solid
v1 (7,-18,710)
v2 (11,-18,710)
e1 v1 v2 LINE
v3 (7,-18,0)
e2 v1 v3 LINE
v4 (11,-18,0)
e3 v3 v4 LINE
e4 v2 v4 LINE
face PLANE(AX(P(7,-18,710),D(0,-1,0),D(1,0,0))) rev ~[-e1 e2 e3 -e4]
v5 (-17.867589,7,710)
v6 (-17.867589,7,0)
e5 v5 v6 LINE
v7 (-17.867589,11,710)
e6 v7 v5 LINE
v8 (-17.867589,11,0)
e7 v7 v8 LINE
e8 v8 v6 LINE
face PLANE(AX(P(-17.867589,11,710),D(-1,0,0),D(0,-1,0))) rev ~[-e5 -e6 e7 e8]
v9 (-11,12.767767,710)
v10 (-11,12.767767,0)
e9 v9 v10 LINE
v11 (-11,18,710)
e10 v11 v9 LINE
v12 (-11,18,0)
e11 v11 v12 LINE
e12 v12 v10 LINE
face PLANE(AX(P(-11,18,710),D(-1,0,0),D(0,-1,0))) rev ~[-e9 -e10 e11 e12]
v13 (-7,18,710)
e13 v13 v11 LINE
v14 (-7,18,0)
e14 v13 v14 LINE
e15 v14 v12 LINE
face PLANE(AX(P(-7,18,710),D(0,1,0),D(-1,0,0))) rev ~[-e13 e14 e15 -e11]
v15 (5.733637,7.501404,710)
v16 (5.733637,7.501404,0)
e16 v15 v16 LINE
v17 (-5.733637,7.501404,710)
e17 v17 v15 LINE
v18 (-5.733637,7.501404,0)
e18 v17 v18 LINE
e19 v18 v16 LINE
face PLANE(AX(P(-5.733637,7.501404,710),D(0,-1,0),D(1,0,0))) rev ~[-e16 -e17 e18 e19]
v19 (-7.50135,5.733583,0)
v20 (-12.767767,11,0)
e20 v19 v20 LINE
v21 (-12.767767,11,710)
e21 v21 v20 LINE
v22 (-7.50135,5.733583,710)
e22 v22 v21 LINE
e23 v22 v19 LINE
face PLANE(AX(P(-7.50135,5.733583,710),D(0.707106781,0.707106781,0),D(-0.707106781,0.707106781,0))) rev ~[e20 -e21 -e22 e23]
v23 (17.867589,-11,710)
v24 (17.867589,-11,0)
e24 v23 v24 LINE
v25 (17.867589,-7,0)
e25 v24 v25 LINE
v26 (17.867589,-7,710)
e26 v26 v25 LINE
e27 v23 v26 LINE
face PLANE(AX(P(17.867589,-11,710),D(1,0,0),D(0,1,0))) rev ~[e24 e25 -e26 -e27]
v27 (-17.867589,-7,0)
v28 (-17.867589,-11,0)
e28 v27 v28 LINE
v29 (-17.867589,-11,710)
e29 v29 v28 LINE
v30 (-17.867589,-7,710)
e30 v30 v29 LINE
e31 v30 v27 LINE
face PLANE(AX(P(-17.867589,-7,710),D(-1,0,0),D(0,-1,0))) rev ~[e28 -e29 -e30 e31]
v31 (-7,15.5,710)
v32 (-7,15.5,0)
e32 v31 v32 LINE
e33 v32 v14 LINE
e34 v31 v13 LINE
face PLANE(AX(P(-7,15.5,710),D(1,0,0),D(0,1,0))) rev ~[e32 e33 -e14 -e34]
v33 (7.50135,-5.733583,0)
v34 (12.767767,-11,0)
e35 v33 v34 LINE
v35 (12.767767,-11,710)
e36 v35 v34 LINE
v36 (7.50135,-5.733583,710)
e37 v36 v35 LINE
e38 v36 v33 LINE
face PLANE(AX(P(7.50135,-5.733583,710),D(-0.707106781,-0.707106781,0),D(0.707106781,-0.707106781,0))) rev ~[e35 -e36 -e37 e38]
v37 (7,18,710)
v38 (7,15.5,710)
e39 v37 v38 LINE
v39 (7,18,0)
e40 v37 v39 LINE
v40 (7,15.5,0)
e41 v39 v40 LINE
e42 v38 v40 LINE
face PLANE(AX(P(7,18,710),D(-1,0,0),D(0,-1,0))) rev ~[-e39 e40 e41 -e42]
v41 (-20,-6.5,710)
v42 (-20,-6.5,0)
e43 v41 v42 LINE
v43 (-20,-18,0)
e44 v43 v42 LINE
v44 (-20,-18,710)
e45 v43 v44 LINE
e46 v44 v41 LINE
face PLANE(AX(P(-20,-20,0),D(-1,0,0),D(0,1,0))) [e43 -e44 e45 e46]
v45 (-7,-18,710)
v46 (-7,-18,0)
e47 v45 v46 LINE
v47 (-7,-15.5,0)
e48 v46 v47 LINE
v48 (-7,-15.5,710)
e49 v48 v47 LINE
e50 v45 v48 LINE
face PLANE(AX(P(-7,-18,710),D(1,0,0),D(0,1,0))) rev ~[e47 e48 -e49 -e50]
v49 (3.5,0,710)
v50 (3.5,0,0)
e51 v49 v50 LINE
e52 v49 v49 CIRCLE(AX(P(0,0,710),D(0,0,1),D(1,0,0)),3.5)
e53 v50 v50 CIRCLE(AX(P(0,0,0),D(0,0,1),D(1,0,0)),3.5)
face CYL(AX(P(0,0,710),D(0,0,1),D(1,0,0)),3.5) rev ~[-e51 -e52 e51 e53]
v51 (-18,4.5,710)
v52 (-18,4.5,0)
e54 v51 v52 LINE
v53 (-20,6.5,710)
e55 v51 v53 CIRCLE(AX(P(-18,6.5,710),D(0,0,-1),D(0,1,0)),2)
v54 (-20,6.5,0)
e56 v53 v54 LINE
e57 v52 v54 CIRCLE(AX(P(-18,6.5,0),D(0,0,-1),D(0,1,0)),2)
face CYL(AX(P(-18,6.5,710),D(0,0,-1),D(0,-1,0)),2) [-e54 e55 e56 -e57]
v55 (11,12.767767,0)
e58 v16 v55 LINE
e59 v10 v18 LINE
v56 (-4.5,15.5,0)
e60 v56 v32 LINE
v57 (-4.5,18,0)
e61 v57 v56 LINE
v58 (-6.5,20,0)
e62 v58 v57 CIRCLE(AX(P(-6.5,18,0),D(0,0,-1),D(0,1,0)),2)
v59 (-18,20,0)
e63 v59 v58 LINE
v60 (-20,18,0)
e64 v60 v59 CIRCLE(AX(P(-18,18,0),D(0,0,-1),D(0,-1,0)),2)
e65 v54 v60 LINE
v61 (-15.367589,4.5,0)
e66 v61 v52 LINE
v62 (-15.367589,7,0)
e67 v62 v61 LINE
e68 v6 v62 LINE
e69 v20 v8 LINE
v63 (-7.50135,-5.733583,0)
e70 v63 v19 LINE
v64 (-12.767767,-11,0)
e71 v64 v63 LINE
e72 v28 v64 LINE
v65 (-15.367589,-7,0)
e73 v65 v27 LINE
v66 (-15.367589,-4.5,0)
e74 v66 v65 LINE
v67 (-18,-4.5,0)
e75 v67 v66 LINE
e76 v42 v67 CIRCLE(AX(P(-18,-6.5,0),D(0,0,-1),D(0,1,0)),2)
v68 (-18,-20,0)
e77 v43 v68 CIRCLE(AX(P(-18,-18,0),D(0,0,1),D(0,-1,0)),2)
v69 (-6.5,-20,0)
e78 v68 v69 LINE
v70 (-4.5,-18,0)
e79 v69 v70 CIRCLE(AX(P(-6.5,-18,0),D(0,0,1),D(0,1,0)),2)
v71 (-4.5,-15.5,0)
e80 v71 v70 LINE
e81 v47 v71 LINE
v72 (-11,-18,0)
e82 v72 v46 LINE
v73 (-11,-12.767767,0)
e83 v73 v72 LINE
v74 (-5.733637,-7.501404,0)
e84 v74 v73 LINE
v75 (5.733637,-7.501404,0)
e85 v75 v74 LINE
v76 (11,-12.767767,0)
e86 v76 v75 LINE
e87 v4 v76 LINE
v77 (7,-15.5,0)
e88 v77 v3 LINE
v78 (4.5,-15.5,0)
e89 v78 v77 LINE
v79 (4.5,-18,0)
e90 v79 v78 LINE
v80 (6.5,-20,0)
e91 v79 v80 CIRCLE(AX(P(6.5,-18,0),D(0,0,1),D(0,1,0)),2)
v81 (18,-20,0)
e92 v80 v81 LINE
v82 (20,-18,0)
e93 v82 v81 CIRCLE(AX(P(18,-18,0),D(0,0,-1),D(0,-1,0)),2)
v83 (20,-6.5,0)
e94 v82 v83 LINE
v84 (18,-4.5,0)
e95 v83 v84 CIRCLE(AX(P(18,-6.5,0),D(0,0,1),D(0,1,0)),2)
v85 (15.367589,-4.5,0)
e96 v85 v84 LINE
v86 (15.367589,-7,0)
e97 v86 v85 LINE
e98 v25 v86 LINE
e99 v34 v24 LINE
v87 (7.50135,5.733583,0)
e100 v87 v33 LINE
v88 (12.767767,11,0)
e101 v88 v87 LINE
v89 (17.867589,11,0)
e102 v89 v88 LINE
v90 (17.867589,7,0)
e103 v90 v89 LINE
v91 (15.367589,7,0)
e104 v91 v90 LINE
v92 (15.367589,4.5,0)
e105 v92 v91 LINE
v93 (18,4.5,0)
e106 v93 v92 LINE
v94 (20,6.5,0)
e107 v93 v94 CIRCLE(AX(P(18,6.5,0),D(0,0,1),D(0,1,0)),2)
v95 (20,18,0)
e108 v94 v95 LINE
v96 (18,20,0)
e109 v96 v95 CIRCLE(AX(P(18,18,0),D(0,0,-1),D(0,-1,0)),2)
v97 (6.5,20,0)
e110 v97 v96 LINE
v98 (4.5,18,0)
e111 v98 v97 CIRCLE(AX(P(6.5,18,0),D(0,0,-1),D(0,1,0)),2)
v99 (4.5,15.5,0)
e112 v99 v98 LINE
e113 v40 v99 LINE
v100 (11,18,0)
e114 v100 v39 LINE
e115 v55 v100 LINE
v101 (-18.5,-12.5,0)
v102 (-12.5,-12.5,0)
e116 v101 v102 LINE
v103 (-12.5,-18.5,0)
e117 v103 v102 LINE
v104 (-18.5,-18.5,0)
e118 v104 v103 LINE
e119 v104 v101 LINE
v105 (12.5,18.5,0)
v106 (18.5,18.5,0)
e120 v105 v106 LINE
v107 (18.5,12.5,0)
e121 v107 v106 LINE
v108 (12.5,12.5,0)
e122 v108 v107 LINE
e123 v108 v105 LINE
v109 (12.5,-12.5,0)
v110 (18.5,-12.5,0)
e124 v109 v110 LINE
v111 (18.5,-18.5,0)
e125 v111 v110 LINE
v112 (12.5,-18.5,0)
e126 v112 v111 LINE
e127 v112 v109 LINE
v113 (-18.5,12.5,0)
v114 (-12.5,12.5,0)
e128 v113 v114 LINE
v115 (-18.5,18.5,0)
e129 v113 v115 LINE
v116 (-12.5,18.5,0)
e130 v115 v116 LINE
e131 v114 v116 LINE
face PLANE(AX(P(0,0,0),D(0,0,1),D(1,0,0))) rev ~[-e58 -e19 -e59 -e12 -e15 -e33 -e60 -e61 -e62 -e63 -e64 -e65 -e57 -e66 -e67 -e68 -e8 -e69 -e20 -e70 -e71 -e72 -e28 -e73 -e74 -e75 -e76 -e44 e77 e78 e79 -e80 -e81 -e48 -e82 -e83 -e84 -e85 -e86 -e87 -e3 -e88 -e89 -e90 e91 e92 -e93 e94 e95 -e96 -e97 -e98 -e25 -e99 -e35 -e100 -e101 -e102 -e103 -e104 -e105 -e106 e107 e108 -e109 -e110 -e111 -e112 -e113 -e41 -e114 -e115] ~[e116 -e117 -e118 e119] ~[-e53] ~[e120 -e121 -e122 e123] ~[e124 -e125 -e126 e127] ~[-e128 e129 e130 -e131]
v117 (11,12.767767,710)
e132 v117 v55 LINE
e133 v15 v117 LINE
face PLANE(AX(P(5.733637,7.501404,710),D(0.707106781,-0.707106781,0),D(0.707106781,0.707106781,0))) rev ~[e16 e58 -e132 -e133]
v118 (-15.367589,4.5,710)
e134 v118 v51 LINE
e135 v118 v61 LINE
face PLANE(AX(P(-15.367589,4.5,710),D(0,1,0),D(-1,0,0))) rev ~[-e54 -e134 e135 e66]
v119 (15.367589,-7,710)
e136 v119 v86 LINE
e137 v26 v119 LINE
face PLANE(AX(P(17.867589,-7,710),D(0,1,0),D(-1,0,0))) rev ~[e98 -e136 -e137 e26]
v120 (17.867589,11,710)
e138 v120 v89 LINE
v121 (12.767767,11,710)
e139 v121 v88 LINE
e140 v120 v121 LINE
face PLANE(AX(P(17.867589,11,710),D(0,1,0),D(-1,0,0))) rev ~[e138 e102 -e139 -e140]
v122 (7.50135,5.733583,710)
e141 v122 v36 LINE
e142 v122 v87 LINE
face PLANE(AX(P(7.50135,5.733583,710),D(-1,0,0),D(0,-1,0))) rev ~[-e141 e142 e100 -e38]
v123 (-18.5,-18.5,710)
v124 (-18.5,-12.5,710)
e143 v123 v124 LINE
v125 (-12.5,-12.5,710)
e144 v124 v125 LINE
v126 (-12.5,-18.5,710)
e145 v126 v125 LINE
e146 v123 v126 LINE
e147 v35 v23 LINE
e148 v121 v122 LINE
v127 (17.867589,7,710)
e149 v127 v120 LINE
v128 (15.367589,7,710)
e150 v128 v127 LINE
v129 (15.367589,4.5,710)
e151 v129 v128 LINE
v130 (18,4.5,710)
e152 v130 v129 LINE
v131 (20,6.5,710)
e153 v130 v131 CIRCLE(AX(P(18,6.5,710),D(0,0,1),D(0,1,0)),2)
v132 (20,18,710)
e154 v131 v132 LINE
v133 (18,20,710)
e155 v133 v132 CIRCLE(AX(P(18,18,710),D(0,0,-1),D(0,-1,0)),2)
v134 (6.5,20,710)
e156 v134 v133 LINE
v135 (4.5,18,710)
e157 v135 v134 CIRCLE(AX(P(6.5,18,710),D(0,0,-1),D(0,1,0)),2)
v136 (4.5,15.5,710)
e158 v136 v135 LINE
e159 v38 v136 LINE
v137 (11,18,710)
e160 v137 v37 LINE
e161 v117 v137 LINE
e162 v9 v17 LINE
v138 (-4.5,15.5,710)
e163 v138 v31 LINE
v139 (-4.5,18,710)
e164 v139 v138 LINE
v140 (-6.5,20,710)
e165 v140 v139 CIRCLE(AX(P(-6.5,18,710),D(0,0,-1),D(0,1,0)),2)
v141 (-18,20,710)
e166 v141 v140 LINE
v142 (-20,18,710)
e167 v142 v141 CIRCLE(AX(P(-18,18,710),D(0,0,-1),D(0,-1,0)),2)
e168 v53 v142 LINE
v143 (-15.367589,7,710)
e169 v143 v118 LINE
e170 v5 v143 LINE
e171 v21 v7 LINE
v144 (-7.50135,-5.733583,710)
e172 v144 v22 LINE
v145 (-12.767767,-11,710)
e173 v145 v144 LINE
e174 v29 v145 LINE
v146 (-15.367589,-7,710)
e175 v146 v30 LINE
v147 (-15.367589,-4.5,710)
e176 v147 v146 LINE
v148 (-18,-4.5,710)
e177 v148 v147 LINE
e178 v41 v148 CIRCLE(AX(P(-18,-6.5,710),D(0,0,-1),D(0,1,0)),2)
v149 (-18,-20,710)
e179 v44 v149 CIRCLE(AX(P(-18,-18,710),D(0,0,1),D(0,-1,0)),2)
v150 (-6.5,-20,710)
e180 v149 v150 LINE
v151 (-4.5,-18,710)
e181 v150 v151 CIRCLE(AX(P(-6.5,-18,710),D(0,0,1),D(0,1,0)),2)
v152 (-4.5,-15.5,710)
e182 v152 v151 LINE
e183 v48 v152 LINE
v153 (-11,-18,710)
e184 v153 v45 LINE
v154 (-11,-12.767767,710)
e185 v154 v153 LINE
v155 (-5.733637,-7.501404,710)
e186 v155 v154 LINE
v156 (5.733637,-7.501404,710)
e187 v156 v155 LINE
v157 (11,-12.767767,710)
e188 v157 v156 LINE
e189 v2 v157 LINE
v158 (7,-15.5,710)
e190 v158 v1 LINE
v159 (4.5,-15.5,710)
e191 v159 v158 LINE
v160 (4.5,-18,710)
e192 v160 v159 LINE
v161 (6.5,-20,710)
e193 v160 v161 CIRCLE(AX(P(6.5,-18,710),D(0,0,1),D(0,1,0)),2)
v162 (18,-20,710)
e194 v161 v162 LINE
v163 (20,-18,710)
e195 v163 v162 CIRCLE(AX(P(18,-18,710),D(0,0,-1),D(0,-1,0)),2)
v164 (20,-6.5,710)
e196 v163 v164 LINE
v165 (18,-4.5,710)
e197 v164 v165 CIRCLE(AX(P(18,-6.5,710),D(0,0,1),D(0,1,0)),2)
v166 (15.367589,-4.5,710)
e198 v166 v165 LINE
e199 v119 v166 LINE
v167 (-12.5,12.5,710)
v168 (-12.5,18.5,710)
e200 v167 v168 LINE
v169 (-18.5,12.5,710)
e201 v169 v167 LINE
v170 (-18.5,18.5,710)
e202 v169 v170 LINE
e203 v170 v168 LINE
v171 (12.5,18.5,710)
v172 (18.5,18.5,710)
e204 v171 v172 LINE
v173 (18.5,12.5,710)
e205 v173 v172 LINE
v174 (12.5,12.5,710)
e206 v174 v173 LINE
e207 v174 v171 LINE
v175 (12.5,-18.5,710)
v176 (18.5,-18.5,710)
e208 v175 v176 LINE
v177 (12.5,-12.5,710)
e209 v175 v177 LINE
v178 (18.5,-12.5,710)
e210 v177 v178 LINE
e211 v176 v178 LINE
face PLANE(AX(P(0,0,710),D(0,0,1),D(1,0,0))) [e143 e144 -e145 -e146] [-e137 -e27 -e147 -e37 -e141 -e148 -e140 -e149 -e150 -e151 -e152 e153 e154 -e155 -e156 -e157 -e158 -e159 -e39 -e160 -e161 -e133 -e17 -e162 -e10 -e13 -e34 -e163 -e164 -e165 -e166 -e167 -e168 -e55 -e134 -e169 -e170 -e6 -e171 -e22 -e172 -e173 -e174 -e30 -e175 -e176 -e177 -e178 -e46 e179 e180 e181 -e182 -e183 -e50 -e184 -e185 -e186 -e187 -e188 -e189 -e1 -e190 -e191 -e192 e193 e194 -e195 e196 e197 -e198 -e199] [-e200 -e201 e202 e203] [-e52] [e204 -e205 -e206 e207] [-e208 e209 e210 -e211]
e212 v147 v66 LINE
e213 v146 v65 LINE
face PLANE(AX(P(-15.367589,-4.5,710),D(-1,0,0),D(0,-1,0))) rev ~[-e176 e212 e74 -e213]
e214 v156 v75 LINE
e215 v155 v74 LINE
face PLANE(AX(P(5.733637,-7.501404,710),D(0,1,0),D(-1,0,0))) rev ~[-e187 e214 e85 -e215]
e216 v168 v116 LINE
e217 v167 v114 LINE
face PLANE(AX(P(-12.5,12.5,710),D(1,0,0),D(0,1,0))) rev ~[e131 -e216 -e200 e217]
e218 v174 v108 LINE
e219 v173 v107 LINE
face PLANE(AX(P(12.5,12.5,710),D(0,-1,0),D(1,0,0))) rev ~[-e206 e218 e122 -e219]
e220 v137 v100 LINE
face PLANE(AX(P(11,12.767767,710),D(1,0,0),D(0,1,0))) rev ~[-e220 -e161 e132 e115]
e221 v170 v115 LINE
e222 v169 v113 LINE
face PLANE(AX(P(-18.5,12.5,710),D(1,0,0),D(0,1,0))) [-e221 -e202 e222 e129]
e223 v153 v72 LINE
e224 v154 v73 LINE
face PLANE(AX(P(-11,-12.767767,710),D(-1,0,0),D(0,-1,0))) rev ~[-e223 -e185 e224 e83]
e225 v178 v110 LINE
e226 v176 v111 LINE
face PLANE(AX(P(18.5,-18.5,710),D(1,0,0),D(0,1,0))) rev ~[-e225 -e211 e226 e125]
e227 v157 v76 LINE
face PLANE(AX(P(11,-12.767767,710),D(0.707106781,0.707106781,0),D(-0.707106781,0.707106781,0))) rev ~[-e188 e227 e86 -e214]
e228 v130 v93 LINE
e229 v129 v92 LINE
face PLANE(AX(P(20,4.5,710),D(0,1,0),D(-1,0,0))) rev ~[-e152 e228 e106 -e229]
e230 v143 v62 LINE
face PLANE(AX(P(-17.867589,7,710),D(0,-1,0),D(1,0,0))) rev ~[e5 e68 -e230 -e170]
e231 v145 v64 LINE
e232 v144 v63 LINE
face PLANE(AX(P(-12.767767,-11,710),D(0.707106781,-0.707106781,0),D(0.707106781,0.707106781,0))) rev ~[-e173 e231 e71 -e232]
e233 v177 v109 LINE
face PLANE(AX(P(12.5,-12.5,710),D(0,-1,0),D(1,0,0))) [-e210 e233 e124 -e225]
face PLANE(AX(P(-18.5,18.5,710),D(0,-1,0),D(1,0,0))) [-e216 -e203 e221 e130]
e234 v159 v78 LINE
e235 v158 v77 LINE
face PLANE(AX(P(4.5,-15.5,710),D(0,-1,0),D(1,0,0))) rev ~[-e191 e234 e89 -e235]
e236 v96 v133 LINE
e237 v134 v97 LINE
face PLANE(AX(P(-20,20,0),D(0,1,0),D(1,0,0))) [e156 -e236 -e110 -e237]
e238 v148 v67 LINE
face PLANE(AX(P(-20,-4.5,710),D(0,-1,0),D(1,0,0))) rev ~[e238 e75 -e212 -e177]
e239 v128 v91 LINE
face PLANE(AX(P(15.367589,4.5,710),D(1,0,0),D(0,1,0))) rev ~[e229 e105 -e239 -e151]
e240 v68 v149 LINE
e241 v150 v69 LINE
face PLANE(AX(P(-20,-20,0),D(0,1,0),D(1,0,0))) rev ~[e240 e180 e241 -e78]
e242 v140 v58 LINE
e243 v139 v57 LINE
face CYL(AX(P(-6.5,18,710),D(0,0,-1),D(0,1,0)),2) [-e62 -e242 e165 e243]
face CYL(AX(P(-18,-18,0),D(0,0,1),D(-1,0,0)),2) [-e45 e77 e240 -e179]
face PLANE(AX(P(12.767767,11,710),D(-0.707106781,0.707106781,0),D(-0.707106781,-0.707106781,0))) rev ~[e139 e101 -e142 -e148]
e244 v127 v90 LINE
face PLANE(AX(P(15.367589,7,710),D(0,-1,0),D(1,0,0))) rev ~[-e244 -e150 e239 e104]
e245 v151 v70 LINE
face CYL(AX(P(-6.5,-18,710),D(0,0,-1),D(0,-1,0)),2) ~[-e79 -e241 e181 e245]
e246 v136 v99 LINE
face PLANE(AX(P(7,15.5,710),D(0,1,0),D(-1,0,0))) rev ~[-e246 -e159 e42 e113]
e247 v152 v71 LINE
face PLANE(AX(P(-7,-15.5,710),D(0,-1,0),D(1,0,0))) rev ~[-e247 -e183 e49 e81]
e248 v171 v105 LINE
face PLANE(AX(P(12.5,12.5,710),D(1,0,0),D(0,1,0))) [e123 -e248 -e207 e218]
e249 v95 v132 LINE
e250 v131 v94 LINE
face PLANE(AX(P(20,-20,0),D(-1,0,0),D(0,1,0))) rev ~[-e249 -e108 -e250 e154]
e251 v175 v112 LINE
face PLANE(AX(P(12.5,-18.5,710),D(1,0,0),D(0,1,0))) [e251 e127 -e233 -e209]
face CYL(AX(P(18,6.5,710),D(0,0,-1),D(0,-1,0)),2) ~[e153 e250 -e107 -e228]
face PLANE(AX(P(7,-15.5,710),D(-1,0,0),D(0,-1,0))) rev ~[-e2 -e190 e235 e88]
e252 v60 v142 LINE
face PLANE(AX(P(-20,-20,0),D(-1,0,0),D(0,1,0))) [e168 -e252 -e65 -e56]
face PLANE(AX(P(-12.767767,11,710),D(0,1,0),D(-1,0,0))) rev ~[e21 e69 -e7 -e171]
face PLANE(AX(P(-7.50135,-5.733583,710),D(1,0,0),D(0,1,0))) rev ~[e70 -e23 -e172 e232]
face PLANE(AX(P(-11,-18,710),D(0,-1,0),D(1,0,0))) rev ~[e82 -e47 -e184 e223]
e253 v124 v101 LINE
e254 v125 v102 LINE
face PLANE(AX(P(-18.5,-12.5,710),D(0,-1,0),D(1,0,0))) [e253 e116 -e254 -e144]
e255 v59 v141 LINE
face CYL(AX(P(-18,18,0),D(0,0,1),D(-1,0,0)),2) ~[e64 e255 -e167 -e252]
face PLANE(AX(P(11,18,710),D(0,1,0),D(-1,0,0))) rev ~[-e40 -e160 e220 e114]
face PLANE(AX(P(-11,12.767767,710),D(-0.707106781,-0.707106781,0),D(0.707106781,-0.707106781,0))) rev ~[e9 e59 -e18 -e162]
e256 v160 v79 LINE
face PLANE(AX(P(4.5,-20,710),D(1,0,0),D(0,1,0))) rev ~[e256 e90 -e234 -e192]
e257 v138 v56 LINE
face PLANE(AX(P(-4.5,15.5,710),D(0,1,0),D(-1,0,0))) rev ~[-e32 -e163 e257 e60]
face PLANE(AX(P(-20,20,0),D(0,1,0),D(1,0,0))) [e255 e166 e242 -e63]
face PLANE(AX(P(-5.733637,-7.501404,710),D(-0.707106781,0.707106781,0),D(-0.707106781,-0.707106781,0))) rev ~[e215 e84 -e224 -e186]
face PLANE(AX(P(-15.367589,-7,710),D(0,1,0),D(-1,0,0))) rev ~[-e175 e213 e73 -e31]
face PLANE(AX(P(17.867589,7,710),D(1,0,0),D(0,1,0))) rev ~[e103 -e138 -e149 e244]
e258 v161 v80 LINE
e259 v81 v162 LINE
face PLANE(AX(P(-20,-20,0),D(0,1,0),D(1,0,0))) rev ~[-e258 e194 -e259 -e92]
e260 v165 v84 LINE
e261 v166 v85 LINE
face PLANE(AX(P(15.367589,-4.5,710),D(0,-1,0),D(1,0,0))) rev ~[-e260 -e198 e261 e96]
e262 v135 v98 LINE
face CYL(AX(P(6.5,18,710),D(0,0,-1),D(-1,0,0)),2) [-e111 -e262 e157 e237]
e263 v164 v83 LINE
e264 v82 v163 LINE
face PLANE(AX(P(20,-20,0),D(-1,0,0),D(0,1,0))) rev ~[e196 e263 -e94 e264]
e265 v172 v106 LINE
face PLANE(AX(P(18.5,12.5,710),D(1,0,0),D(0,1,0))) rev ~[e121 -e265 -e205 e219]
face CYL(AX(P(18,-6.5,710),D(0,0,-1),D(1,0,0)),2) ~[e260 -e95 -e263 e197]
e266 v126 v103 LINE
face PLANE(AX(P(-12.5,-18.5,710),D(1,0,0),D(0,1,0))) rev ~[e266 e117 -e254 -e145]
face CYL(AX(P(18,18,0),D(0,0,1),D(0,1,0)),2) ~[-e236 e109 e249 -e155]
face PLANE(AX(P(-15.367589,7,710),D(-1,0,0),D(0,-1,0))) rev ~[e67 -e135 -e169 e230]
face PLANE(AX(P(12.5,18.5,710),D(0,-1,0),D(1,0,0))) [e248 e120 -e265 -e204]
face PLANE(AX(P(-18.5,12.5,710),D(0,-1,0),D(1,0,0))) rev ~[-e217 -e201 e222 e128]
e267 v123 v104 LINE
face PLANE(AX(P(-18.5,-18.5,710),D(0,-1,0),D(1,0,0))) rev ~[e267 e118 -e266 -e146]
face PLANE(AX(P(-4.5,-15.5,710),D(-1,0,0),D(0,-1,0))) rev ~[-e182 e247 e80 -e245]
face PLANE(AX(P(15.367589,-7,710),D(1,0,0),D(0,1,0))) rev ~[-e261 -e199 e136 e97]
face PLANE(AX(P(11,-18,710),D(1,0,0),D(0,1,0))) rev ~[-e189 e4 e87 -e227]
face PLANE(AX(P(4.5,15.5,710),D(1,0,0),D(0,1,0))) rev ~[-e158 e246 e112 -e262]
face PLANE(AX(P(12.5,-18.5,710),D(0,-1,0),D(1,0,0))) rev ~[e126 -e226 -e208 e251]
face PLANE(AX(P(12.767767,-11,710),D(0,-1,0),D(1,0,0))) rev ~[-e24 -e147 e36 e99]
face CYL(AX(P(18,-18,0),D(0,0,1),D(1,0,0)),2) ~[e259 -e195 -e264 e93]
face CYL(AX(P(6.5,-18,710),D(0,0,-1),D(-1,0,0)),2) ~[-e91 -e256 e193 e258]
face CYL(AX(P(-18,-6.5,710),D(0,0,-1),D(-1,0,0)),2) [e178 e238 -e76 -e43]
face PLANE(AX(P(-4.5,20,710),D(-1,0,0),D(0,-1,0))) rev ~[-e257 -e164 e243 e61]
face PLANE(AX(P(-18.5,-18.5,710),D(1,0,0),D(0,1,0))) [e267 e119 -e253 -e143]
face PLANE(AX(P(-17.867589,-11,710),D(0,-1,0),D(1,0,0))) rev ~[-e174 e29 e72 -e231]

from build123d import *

# Parameters (mm, degrees)
CROQUIS1_W              = 40
CROQUIS1_H              = 40
SALIENTE_EXTRUIR1_DEPTH = 710
CROQUIS2_W              = 6
CROQUIS2_H              = 6
CROQUIS2_R              = 3.5
CORTAR_EXTRUIR2_DEPTH   = 710
REDONDEO1_R             = 2
REDONDEO2_R             = 2


with BuildPart() as part:
    # Croquis1 → Saliente-Extruir1 (new body)
    with BuildSketch(Plane.XY):
        Rectangle(CROQUIS1_W, CROQUIS1_H)
    extrude(amount=SALIENTE_EXTRUIR1_DEPTH)

    # Croquis2 → Cortar-Extruir2 (cut)
    with BuildSketch(Plane.XY.offset(710)):
        with Locations((-15.5, 15.5)):
            Rectangle(CROQUIS2_W, CROQUIS2_H)
        Polygon((4.5, 15.5), (4.5, 20), (-4.5, 20), (-4.5, 15.5), (-7, 15.5), (-7, 18), (-11, 18), (-11, 12.767766953), (-5.733637236, 7.501404189), (5.733637236, 7.501404189), (11, 12.767766953), (11, 18), (7, 18), (7, 15.5), align=None)
        with Locations((15.5, 15.5)):
            Rectangle(CROQUIS2_W, CROQUIS2_H)
        Polygon((15.367588592, -4.5), (20, -4.5), (20, 4.5), (15.367588592, 4.5), (15.367588592, 7), (17.867588592, 7), (17.867588592, 11), (12.767766953, 11), (7.501349817, 5.733582864), (7.501349817, -5.733582864), (12.767766953, -11), (17.867588592, -11), (17.867588592, -7), (15.367588592, -7), align=None)
        Polygon((-20, 4.5), (-20, -4.5), (-15.367588592, -4.5), (-15.367588592, -7), (-17.867588592, -7), (-17.867588592, -11), (-12.767766953, -11), (-7.501349817, -5.733582864), (-7.501349817, 5.733582864), (-12.767766953, 11), (-17.867588592, 11), (-17.867588592, 7), (-15.367588592, 7), (-15.367588592, 4.5), align=None)
        Circle(CROQUIS2_R)
        Polygon((11, -12.767766953), (5.733637236, -7.501404189), (-5.733637236, -7.501404189), (-11, -12.767766953), (-11, -18), (-7, -18), (-7, -15.5), (-4.5, -15.5), (-4.5, -20), (4.5, -20), (4.5, -15.5), (7, -15.5), (7, -18), (11, -18), align=None)
        with Locations((-15.5, -15.5)):
            Rectangle(CROQUIS2_W, CROQUIS2_H)
        with Locations((15.5, -15.5)):
            Rectangle(CROQUIS2_W, CROQUIS2_H)
    extrude(amount=-CORTAR_EXTRUIR2_DEPTH, mode=Mode.SUBTRACT)

    # Redondeo1
    redondeo1_edges = [part.edges().sort_by_distance(p)[0] for p in [
        (20, -20, 355),
        (-20, -20, 355),
        (-20, 20, 355),
        (20, 20, 355),
    ]]
    fillet(redondeo1_edges, radius=REDONDEO1_R)

    # Redondeo2
    redondeo2_edges = [part.edges().sort_by_distance(p)[0] for p in [
        (4.5, 20, 355),
        (-4.5, 20, 355),
        (20, -4.5, 355),
        (20, 4.5, 355),
        (-20, 4.5, 355),
        (-20, -4.5, 355),
        (-4.5, -20, 355),
        (4.5, -20, 355),
    ]]
    fillet(redondeo2_edges, radius=REDONDEO2_R)


solid = part.part
